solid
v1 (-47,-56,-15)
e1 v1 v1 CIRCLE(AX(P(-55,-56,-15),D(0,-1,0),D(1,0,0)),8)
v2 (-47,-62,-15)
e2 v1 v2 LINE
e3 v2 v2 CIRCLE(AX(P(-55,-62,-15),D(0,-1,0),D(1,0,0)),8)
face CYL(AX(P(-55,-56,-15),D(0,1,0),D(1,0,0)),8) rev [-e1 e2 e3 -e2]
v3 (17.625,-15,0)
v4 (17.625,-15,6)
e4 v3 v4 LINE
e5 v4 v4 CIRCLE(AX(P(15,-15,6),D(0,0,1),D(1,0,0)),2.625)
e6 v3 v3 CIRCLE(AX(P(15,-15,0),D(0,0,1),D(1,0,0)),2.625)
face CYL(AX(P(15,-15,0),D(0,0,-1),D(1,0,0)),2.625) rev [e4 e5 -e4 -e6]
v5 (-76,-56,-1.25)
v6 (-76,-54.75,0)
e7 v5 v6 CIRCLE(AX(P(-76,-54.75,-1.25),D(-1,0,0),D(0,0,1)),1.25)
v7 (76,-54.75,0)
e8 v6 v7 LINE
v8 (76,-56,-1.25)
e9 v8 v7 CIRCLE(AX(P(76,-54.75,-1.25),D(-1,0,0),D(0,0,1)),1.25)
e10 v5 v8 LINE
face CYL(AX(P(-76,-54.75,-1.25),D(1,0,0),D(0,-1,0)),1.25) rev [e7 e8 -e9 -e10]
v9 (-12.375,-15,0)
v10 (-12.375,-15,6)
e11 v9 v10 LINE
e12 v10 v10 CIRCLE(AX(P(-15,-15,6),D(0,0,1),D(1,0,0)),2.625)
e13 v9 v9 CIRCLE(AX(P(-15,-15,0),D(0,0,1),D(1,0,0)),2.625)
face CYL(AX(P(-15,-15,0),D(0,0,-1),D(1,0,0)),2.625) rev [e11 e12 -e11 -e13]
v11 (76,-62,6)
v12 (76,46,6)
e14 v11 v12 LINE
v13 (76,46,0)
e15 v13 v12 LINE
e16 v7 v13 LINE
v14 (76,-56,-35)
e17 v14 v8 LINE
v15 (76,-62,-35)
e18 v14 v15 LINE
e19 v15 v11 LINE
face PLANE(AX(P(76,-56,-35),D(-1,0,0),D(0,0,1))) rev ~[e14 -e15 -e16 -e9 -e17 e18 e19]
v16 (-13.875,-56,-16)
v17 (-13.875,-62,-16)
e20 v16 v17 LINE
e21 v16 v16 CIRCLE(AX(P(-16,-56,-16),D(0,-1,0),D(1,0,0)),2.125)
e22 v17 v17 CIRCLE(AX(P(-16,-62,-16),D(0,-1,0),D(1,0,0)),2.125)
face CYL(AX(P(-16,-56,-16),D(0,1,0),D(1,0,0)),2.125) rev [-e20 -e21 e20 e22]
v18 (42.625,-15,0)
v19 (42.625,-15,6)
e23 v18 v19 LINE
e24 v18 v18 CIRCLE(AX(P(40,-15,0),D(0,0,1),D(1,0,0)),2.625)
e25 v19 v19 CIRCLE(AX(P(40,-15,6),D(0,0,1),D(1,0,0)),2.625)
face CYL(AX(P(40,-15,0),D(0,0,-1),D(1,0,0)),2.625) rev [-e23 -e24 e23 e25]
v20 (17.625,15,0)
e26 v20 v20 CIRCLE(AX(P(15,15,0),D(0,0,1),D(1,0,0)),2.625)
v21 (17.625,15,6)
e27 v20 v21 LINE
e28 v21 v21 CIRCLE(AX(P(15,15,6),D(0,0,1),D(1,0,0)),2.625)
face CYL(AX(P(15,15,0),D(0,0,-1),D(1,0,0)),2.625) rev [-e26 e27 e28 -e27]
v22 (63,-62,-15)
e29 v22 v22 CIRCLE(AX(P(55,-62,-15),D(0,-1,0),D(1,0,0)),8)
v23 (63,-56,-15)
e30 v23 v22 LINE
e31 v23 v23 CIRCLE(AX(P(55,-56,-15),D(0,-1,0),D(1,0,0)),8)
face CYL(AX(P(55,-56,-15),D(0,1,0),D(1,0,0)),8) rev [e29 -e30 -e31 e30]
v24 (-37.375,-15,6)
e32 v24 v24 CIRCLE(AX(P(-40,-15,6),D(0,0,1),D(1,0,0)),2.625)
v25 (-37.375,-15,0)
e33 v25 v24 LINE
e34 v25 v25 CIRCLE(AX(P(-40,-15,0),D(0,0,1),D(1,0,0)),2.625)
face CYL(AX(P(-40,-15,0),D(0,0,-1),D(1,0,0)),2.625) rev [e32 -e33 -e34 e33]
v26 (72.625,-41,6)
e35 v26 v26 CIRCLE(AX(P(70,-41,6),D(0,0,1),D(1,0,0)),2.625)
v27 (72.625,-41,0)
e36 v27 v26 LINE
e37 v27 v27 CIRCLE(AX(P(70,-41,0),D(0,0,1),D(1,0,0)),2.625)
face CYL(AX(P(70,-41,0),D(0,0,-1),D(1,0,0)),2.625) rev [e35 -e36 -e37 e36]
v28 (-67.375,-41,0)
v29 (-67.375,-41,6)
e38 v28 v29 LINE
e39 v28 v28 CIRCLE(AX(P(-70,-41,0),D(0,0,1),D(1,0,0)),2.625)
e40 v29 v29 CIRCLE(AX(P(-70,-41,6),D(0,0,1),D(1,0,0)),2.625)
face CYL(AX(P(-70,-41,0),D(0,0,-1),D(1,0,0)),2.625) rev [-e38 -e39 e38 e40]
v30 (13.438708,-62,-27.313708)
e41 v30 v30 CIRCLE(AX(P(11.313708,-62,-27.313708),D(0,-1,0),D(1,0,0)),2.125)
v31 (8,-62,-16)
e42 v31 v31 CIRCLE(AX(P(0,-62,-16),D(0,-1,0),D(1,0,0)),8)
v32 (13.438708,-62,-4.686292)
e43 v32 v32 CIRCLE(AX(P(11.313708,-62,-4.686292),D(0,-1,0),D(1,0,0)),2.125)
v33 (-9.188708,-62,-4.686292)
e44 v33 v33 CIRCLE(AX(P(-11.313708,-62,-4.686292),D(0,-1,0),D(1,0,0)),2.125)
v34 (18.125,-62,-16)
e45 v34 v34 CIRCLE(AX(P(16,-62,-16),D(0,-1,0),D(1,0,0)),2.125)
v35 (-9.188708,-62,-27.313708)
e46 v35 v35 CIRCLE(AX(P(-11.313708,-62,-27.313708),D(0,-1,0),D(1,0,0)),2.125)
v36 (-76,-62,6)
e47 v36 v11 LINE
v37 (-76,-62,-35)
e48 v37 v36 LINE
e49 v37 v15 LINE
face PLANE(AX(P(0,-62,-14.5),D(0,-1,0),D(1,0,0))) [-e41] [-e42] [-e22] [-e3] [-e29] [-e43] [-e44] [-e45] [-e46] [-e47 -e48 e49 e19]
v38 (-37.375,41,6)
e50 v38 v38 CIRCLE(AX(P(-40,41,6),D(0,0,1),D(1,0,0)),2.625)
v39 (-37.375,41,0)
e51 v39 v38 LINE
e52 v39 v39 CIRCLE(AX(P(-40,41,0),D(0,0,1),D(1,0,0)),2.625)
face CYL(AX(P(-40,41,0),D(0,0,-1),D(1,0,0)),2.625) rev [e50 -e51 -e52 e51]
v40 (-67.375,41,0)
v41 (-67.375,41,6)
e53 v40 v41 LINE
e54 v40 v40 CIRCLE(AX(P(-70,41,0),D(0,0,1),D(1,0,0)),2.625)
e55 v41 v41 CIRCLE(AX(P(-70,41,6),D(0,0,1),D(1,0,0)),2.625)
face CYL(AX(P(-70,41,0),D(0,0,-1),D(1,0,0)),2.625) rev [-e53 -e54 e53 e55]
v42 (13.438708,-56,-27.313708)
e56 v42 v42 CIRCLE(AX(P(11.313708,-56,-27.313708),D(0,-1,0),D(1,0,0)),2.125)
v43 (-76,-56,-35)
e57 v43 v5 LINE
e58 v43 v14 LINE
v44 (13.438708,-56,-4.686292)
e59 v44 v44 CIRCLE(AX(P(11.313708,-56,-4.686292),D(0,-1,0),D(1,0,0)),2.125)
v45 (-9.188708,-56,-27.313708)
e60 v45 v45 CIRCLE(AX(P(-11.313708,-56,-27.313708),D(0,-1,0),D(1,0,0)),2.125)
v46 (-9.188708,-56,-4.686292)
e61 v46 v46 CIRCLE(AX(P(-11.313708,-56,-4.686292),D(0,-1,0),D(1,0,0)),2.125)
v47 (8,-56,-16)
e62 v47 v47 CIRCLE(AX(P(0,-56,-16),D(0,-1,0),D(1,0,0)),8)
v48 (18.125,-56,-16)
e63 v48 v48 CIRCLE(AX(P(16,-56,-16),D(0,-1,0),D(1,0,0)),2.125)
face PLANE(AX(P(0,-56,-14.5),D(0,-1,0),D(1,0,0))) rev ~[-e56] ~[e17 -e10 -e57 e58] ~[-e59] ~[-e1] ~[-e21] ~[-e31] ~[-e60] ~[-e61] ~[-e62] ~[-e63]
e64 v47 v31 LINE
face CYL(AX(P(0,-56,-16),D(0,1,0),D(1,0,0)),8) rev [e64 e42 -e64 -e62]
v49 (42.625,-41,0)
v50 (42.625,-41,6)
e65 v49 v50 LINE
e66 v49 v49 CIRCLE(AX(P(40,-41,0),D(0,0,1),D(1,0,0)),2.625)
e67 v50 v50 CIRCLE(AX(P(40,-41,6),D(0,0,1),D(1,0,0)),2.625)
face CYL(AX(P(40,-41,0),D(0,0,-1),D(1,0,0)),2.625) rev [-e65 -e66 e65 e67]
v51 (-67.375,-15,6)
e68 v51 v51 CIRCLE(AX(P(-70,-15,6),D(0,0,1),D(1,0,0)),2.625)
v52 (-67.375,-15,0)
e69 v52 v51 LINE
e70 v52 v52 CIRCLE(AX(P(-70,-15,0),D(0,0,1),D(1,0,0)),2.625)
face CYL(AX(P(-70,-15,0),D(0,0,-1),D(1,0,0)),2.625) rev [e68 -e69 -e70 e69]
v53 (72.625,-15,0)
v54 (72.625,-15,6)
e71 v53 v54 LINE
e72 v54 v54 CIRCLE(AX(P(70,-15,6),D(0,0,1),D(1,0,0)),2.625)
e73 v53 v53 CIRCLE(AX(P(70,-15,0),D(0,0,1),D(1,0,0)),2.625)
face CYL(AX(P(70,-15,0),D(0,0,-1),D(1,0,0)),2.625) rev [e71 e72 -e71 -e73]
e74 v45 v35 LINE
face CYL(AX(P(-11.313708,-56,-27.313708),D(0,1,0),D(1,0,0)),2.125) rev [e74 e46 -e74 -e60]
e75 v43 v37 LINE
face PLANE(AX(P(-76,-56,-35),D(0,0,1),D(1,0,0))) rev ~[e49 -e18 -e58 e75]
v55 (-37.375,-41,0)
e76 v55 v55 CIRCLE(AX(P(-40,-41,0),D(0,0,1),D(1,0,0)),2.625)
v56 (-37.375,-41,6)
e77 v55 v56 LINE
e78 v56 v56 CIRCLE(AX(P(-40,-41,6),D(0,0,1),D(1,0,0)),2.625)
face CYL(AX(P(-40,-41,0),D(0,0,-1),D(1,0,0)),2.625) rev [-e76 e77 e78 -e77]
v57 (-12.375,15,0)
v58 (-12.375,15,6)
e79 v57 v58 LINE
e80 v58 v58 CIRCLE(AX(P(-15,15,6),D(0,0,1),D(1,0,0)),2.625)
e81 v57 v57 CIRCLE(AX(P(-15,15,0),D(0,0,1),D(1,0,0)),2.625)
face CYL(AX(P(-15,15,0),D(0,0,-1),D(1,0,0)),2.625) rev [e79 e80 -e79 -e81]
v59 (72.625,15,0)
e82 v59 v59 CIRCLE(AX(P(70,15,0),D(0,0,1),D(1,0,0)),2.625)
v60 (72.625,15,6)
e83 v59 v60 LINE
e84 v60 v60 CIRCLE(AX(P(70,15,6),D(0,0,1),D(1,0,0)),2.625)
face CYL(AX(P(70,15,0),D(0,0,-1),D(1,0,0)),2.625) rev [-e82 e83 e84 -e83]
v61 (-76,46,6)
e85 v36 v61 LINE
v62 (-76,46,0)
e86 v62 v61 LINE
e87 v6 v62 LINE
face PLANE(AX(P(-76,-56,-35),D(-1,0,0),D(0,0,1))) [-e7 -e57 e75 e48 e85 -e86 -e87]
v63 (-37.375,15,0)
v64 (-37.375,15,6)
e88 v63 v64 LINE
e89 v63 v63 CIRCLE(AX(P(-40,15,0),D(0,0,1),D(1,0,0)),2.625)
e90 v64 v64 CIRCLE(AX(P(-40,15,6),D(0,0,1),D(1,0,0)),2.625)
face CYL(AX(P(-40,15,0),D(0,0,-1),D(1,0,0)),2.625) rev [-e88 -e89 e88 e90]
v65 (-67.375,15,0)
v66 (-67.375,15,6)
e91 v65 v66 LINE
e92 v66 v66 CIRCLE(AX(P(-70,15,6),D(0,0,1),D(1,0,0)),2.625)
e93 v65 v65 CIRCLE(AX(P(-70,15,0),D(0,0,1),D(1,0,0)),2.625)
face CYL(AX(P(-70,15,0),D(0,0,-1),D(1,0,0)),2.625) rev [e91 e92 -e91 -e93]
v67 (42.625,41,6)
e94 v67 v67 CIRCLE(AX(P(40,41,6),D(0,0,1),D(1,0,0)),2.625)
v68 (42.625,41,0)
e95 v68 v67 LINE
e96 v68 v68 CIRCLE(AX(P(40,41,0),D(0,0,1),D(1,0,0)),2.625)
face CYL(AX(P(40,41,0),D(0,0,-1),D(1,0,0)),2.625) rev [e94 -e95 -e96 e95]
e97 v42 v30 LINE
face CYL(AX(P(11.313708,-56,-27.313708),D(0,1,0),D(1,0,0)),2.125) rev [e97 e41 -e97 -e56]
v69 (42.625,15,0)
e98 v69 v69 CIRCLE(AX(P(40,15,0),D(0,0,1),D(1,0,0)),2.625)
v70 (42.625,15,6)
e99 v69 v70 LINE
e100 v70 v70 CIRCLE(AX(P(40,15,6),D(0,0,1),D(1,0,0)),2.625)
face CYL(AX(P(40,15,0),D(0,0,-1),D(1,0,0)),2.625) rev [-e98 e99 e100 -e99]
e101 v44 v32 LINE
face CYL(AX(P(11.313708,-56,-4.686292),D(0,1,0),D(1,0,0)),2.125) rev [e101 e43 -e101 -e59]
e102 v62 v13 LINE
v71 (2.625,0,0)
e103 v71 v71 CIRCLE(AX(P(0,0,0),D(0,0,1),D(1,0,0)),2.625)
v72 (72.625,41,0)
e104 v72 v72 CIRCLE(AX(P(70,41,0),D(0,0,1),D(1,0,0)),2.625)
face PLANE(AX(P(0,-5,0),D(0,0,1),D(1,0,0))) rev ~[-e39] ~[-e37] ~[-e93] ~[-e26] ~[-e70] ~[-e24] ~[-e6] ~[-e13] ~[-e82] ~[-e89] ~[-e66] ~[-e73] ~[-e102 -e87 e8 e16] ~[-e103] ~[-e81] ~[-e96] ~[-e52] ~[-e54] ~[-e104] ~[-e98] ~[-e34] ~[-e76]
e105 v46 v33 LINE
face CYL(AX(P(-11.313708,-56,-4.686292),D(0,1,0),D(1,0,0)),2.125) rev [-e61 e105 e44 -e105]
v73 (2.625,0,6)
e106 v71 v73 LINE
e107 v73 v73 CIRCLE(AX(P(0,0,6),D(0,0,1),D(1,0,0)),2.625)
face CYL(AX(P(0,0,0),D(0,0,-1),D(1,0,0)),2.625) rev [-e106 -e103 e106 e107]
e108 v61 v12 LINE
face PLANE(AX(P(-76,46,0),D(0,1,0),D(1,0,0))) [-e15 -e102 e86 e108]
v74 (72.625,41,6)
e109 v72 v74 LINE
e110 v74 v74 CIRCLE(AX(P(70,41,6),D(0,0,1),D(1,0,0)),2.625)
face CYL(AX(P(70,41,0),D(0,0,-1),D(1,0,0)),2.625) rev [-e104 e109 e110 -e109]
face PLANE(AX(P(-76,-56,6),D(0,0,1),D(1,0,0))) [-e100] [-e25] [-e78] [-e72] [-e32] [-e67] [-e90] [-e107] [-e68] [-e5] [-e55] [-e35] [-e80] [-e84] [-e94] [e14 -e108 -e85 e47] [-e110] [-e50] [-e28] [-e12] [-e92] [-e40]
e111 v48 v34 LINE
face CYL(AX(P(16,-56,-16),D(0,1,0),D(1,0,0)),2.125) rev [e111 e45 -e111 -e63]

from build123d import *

# Parameters (mm, degrees)
SKETCH_W      = 152
SKETCH_H      = 102
SKETCH_R      = 2.625
PAD_DEPTH     = 6
SKETCH001_W   = 152
SKETCH001_H   = 41
SKETCH001_R   = 8
SKETCH001_R_2 = 2.125
PAD001_DEPTH  = 6
FILLET_R      = 1.25


with BuildPart() as part:
    # Sketch → Pad (new body)
    with BuildSketch(Plane.XY):
        with Locations((0, -5)):
            Rectangle(SKETCH_W, SKETCH_H)
        with Locations((-70, 41)):
            Circle(SKETCH_R, mode=Mode.SUBTRACT)
        with Locations((-40, 41)):
            Circle(SKETCH_R, mode=Mode.SUBTRACT)
        with Locations((-70, 15)):
            Circle(SKETCH_R, mode=Mode.SUBTRACT)
        with Locations((-40, 15)):
            Circle(SKETCH_R, mode=Mode.SUBTRACT)
        with Locations((-70, -15)):
            Circle(SKETCH_R, mode=Mode.SUBTRACT)
        with Locations((-40, -15)):
            Circle(SKETCH_R, mode=Mode.SUBTRACT)
        with Locations((-70, -41)):
            Circle(SKETCH_R, mode=Mode.SUBTRACT)
        with Locations((-40, -41)):
            Circle(SKETCH_R, mode=Mode.SUBTRACT)
        with Locations((40, 41)):
            Circle(SKETCH_R, mode=Mode.SUBTRACT)
        with Locations((70, 41)):
            Circle(SKETCH_R, mode=Mode.SUBTRACT)
        with Locations((40, 15)):
            Circle(SKETCH_R, mode=Mode.SUBTRACT)
        with Locations((70, 15)):
            Circle(SKETCH_R, mode=Mode.SUBTRACT)
        with Locations((40, -15)):
            Circle(SKETCH_R, mode=Mode.SUBTRACT)
        with Locations((70, -15)):
            Circle(SKETCH_R, mode=Mode.SUBTRACT)
        with Locations((40, -41)):
            Circle(SKETCH_R, mode=Mode.SUBTRACT)
        with Locations((70, -41)):
            Circle(SKETCH_R, mode=Mode.SUBTRACT)
        Circle(SKETCH_R, mode=Mode.SUBTRACT)
        with Locations((-15, 15)):
            Circle(SKETCH_R, mode=Mode.SUBTRACT)
        with Locations((15, 15)):
            Circle(SKETCH_R, mode=Mode.SUBTRACT)
        with Locations((-15, -15)):
            Circle(SKETCH_R, mode=Mode.SUBTRACT)
        with Locations((15, -15)):
            Circle(SKETCH_R, mode=Mode.SUBTRACT)
    extrude(amount=PAD_DEPTH)

    # Sketch001 → Pad001 (new body)
    with BuildSketch(Plane.XZ.offset(56)):
        with Locations((0, -14.5)):
            Rectangle(SKETCH001_W, SKETCH001_H)
        with Locations((0, -16)):
            Circle(SKETCH001_R, mode=Mode.SUBTRACT)
        with Locations((-55, -15)):
            Circle(SKETCH001_R, mode=Mode.SUBTRACT)
        with Locations((55, -15)):
            Circle(SKETCH001_R, mode=Mode.SUBTRACT)
        with Locations((-11.313708, -4.686292)):
            Circle(SKETCH001_R_2, mode=Mode.SUBTRACT)
        with Locations((11.313708, -4.686292)):
            Circle(SKETCH001_R_2, mode=Mode.SUBTRACT)
        with Locations((-16, -16)):
            Circle(SKETCH001_R_2, mode=Mode.SUBTRACT)
        with Locations((16, -16)):
            Circle(SKETCH001_R_2, mode=Mode.SUBTRACT)
        with Locations((-11.313708, -27.313708)):
            Circle(SKETCH001_R_2, mode=Mode.SUBTRACT)
        with Locations((11.313708, -27.313708)):
            Circle(SKETCH001_R_2, mode=Mode.SUBTRACT)
    extrude(amount=PAD001_DEPTH)

    # Fillet
    fillet_edges = [part.edges().sort_by_distance(p)[0] for p in [
        (0, -56, 0),
    ]]
    fillet(fillet_edges, radius=FILLET_R)


solid = part.part
